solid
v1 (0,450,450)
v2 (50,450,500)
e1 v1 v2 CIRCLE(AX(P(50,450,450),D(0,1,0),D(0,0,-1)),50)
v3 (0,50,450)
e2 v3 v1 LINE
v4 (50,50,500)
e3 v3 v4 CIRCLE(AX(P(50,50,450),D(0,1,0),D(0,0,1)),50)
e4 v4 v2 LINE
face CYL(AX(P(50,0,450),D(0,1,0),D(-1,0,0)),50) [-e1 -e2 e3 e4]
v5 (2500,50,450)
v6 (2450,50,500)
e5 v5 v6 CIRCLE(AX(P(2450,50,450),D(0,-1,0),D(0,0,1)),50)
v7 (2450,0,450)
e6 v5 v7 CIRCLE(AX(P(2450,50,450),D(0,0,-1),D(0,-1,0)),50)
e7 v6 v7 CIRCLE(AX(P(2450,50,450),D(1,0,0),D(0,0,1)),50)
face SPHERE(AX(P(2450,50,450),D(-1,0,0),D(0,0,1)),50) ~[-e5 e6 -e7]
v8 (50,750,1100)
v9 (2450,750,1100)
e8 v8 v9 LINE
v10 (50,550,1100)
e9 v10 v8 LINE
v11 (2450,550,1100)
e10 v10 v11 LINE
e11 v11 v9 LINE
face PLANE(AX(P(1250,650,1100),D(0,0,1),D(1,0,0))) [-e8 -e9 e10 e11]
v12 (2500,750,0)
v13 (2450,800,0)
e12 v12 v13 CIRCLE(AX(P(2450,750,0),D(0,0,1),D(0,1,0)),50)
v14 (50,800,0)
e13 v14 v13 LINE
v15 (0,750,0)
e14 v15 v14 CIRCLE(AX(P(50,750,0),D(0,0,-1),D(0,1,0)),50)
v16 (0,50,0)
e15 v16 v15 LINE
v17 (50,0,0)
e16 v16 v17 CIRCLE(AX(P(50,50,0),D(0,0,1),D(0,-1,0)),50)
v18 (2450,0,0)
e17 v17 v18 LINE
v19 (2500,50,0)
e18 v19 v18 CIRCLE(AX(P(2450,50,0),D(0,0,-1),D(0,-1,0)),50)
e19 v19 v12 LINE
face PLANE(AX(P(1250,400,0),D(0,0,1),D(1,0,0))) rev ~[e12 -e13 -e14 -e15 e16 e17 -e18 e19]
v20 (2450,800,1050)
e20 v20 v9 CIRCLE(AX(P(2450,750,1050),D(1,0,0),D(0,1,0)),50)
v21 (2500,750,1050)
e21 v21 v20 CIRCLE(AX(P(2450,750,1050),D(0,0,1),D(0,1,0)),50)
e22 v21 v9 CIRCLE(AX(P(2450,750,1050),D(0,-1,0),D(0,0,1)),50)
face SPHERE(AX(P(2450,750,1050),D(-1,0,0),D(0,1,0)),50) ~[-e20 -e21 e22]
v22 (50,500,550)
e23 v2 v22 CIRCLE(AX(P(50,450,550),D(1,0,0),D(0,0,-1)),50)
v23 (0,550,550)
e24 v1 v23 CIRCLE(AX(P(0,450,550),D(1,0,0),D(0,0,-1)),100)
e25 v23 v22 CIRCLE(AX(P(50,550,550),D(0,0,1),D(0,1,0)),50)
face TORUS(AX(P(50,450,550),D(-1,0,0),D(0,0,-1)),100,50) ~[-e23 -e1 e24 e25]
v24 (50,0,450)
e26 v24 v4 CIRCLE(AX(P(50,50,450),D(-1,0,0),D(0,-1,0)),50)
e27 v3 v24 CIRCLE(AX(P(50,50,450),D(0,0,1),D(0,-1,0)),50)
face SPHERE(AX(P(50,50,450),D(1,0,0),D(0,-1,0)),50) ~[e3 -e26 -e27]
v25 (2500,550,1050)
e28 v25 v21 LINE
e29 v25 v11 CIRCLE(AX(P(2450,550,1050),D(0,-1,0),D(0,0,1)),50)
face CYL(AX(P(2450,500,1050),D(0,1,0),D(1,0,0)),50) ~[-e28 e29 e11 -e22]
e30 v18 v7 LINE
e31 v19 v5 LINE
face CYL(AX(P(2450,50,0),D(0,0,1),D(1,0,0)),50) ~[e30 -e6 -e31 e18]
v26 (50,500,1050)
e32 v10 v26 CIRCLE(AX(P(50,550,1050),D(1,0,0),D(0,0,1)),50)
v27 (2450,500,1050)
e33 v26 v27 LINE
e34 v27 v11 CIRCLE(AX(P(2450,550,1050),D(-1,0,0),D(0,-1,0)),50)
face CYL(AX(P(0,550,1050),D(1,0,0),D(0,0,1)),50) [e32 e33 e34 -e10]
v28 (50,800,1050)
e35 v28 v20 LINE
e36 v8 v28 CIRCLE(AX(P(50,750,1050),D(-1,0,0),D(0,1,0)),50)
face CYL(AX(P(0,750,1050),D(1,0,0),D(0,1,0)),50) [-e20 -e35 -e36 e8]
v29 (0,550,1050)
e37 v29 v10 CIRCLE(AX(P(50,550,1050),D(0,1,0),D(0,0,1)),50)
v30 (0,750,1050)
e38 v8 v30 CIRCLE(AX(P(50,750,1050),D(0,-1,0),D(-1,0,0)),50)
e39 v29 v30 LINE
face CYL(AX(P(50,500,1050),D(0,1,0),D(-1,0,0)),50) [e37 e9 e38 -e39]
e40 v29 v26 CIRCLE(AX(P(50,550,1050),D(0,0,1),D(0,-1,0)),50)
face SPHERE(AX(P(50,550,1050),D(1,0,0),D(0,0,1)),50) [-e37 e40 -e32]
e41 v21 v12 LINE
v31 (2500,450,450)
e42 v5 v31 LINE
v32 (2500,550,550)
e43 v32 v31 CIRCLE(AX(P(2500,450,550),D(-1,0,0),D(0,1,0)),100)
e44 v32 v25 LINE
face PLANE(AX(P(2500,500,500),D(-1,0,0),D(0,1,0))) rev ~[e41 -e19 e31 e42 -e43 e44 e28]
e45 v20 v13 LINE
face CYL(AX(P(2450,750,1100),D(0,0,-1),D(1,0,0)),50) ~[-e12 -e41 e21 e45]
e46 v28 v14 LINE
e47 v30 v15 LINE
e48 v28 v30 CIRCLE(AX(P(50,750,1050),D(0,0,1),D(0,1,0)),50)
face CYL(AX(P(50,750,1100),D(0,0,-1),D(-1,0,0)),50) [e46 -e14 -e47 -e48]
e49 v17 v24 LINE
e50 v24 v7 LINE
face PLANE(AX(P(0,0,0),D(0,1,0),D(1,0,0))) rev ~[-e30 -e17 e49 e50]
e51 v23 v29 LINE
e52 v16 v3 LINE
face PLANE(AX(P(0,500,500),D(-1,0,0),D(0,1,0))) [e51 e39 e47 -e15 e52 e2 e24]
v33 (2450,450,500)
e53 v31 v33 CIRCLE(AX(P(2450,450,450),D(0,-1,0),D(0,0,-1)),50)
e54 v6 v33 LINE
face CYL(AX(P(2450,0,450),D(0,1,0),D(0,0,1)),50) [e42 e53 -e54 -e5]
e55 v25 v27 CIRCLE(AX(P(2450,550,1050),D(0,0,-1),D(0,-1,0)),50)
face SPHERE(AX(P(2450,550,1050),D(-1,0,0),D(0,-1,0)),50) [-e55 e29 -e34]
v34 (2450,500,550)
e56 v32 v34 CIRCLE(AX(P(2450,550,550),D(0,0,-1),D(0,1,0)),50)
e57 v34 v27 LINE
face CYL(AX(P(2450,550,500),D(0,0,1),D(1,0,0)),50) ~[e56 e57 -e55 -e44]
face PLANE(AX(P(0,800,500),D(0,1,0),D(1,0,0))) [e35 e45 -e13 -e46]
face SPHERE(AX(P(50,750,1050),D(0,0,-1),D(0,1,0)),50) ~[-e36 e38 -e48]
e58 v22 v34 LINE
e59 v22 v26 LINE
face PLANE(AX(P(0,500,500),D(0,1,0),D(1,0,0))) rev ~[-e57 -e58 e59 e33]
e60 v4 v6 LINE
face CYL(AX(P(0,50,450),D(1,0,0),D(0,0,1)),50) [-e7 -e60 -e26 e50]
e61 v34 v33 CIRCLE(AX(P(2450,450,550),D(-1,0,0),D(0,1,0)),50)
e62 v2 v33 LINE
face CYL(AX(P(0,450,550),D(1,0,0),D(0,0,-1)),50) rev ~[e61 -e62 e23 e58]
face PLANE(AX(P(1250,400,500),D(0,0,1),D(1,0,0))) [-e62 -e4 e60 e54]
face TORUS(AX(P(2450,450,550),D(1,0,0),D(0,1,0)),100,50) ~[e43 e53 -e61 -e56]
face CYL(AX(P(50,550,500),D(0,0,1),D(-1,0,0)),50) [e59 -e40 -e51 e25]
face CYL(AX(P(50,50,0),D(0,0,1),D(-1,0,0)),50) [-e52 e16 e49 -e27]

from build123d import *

# Parameters (mm, degrees)
F0_W     = 2500
F0_H     = 800
F1_DEPTH = 500
F2_W     = 2500
F2_H     = 300
F3_DEPTH = 600
F4_R     = 50


with BuildPart() as f1:
    # F0 (on Top) → F1 (new body)
    with BuildSketch(Plane.XY):
        with Locations((1250, 400)):
            Rectangle(F0_W, F0_H)
    extrude(amount=F1_DEPTH)

    # F2 (on face) → F3 (join)
    with BuildSketch(Plane.XY.offset(500)):
        with Locations((1250, 650)):
            Rectangle(F2_W, F2_H)
    extrude(amount=F3_DEPTH)

    # F4
    f4_edges = [f1.edges().sort_by_distance(p)[0] for p in [
        (1250, 500, 500),
        (1250, 0, 500),
        (0, 0, 250),
        (0, 250, 500),
        (0, 800, 550),
        (1250, 500, 1100),
        (1250, 800, 1100),
        (2500, 500, 800),
        (2500, 250, 500),
        (2500, 0, 250),
        (2500, 800, 550),
        (2500, 650, 1100),
        (0, 650, 1100),
        (0, 500, 800),
    ]]
    fillet(f4_edges, radius=F4_R)


solid = f1.part
